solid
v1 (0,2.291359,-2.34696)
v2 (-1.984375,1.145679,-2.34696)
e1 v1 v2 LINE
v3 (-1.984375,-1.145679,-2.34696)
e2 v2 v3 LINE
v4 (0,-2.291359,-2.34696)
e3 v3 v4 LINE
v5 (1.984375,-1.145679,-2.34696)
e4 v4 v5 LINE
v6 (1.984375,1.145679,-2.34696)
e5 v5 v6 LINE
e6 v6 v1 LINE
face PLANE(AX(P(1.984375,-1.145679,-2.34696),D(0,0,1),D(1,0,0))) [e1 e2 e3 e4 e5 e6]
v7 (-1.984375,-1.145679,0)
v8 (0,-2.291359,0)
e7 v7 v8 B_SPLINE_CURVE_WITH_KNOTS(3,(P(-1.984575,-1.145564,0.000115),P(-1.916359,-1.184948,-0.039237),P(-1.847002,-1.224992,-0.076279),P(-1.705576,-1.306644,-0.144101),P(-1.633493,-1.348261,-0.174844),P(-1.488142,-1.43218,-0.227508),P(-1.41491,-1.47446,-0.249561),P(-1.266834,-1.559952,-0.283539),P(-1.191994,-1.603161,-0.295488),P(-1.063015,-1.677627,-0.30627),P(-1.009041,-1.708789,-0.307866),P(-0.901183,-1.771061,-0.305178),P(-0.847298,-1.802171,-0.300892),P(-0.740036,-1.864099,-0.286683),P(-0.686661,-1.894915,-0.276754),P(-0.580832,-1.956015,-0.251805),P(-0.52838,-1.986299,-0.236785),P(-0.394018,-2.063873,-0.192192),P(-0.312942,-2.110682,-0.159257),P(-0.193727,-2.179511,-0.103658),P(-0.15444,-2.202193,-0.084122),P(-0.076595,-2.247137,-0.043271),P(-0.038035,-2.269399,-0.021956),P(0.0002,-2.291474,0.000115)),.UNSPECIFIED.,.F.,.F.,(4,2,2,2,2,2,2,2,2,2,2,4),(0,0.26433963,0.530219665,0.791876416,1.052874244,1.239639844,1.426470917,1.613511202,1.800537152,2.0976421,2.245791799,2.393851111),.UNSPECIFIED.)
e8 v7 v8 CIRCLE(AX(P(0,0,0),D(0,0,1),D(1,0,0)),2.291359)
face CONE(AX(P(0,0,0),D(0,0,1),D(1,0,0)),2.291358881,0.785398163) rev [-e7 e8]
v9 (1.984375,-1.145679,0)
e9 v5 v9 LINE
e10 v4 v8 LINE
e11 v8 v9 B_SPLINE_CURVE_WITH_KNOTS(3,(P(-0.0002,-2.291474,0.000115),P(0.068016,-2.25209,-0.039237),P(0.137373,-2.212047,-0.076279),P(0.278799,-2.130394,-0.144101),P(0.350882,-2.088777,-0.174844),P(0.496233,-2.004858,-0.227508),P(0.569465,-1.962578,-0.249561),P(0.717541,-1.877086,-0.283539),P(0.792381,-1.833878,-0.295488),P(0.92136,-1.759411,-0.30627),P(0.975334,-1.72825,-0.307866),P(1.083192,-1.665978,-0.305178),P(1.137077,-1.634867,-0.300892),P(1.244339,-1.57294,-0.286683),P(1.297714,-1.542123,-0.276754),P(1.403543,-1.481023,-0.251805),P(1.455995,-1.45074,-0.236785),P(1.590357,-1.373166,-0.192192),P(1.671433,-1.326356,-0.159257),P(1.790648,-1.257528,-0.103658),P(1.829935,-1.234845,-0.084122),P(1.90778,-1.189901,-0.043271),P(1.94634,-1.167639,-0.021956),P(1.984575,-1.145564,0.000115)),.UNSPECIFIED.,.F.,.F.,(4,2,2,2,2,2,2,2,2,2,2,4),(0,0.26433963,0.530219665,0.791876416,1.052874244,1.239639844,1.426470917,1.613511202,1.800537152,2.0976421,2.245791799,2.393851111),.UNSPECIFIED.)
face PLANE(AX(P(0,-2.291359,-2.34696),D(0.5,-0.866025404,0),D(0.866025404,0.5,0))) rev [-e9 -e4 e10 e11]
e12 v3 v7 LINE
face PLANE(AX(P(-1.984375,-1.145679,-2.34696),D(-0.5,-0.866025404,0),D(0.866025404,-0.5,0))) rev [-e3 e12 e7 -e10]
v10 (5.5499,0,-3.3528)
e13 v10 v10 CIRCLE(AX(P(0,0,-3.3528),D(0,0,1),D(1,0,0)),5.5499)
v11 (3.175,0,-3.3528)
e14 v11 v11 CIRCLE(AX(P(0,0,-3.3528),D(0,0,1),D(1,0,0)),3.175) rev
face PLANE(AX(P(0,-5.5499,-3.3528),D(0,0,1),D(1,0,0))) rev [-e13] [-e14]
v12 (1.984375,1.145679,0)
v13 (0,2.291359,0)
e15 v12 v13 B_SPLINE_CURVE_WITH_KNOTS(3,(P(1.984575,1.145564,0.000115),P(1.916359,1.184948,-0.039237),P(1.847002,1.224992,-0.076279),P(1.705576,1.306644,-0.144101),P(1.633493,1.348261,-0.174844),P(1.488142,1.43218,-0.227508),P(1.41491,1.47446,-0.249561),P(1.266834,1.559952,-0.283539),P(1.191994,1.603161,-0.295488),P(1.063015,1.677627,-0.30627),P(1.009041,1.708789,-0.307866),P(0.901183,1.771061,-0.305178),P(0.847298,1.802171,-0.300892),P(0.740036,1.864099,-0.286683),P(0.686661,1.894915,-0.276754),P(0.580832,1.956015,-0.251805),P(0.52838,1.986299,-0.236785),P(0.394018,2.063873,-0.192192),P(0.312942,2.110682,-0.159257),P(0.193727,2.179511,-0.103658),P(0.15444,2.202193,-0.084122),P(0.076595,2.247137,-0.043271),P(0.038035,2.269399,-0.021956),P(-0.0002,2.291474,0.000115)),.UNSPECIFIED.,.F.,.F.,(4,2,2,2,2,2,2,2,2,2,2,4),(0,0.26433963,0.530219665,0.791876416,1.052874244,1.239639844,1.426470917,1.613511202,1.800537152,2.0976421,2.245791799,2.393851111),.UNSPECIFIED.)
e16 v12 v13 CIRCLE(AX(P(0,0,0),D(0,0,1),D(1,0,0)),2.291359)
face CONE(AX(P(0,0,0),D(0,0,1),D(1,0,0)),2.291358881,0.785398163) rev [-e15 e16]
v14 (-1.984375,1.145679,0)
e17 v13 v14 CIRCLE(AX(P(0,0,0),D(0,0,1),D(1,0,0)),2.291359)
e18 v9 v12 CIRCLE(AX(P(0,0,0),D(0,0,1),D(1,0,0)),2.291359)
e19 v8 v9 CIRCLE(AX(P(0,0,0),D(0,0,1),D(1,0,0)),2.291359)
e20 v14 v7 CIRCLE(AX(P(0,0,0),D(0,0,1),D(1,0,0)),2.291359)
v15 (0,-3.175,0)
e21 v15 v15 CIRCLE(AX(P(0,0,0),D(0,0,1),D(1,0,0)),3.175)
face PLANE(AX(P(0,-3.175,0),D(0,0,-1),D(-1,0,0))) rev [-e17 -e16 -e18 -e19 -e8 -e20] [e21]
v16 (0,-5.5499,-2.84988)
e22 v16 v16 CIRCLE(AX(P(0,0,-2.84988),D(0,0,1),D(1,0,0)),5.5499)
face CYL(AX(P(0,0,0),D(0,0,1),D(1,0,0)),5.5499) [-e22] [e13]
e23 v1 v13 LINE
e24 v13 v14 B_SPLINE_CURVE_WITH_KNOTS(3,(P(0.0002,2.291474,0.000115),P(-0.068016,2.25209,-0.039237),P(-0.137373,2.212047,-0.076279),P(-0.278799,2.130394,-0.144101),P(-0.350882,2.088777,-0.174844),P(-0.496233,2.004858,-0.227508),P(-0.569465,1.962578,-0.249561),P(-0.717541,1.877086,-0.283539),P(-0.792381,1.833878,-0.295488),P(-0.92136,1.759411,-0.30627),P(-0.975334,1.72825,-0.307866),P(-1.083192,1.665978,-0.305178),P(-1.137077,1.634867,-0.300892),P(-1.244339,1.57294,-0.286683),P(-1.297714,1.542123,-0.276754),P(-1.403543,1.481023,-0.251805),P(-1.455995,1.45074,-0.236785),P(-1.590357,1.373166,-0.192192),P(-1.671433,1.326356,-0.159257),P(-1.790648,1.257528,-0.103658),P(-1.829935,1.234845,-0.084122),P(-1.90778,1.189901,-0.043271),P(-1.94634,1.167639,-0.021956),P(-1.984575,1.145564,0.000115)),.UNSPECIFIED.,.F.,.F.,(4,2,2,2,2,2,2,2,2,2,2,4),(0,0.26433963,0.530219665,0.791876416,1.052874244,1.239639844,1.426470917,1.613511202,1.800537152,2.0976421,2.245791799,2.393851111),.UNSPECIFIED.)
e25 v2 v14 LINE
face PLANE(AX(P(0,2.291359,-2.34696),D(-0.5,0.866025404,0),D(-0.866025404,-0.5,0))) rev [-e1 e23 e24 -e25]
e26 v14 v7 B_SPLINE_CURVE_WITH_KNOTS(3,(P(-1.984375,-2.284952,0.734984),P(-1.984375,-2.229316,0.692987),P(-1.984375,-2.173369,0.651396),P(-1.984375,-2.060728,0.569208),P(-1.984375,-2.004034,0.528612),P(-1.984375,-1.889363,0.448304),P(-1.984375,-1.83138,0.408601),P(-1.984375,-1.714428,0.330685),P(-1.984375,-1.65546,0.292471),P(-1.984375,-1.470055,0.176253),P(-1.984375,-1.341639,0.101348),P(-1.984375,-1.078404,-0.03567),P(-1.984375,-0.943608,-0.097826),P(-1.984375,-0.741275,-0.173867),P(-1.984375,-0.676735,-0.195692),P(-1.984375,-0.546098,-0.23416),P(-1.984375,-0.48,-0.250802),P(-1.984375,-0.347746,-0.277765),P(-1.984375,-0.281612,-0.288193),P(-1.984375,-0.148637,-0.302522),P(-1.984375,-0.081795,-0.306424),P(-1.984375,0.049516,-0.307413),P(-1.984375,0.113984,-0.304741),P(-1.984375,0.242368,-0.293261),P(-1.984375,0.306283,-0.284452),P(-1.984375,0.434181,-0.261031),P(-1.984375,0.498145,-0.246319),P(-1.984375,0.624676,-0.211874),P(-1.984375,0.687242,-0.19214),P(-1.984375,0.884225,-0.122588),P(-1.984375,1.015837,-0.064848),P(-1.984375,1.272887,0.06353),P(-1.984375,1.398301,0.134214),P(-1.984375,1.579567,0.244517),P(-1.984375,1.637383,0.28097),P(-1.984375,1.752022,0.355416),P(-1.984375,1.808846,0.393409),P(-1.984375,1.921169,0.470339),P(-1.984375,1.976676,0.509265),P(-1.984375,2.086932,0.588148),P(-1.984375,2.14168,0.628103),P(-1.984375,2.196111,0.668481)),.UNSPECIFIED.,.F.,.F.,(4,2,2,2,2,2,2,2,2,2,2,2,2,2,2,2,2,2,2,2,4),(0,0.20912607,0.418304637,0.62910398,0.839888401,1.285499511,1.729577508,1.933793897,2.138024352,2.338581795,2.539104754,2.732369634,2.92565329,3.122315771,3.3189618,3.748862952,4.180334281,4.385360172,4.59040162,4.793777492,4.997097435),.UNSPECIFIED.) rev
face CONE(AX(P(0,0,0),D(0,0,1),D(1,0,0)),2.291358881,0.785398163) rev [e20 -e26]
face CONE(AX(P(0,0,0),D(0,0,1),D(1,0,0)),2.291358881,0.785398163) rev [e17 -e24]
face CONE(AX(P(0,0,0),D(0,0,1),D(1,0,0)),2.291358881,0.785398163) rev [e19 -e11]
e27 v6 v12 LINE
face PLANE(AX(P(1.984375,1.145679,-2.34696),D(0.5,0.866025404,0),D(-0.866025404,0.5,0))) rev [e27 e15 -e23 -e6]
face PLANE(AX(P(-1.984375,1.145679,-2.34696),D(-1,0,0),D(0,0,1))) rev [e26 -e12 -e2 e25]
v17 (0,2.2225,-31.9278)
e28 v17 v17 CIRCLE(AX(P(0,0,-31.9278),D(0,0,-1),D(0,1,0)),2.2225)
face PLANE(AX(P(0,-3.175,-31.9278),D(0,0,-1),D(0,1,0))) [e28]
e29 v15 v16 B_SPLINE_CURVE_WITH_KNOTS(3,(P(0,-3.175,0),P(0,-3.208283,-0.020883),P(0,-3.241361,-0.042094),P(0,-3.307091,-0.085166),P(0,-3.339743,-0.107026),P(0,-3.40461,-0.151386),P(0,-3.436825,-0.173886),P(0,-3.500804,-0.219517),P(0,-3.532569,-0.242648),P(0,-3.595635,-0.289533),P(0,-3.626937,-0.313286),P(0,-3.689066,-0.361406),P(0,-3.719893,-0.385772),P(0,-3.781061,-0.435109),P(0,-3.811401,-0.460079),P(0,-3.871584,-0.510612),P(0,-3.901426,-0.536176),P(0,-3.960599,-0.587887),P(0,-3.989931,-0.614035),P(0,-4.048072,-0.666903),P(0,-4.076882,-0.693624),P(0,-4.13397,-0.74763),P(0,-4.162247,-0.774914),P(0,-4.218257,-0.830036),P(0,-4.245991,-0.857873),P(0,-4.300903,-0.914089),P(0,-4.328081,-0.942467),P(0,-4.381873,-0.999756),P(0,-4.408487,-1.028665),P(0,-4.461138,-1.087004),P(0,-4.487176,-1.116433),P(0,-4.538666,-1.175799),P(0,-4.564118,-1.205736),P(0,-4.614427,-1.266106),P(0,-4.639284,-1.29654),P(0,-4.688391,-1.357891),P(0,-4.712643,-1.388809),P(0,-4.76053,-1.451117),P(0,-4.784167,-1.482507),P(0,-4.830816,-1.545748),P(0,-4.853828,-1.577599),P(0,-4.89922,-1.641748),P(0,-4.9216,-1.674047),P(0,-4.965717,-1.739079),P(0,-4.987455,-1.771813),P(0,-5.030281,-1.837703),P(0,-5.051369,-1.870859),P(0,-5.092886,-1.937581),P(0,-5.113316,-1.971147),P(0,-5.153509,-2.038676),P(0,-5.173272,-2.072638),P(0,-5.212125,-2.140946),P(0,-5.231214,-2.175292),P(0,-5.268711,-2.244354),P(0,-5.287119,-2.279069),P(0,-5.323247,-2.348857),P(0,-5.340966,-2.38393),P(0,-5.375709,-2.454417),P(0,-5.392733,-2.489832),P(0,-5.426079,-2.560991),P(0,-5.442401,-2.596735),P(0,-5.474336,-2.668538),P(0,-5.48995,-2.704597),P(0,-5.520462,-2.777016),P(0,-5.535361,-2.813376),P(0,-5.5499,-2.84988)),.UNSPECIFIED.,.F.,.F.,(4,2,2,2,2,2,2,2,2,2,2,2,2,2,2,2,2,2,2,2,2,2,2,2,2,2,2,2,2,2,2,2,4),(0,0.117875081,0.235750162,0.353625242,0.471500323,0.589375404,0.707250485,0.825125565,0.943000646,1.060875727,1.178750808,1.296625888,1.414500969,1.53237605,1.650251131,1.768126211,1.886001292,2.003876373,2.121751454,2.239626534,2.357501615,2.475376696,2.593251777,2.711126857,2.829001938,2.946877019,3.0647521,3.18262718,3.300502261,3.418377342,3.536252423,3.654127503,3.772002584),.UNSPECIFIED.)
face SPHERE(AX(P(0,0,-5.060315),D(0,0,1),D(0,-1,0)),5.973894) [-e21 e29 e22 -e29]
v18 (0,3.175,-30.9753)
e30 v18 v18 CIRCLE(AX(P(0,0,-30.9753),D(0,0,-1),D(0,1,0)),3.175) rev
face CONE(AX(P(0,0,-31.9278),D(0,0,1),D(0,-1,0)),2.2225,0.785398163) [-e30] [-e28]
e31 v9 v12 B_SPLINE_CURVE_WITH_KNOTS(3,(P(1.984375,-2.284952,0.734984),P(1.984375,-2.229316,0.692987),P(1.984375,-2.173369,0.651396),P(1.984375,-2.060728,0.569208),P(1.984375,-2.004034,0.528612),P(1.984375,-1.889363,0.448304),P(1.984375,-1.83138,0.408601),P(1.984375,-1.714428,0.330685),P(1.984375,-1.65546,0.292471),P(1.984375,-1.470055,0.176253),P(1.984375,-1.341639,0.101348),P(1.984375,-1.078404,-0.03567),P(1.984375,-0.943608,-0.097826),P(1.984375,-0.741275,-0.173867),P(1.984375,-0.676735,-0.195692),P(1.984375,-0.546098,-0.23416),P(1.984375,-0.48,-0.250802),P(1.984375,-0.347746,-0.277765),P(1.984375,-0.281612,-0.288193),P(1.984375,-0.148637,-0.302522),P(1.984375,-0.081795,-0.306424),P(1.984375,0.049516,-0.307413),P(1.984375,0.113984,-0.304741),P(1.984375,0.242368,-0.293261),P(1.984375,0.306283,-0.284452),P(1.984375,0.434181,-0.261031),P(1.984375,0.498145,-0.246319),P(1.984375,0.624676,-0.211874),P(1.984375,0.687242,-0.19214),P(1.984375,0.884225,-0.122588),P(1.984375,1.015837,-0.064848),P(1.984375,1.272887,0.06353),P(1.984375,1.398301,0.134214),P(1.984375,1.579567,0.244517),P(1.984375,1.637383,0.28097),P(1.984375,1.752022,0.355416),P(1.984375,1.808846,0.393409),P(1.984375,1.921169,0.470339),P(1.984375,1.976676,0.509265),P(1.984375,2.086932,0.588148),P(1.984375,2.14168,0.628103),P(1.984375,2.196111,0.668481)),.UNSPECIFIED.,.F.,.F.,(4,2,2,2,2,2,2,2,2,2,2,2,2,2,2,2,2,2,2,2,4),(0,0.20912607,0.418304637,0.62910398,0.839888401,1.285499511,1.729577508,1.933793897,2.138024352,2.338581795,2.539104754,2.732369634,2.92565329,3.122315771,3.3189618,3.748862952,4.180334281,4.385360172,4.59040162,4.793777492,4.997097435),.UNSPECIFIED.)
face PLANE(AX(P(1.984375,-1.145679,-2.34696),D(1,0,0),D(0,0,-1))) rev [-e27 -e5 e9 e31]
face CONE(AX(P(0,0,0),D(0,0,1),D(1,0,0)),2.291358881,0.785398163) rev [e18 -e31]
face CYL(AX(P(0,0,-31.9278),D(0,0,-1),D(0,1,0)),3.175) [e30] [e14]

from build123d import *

# Parameters (mm, degrees)
SKETCH1_W          = 28.575
SKETCH1_H          = 3.175
CHAMFER1_SIZE      = 0.9525
CUT_EXTRUDE2_DEPTH = 2.34696


with BuildPart() as part:
    # Sketch1 → Revolve1 (revolve)
    with BuildSketch(Plane(origin=(0, 0, 0), x_dir=(0, 0, -1), z_dir=(1, 0, 0))):
        with Locations((17.6403, 1.5875)):
            Rectangle(SKETCH1_W, SKETCH1_H)
    revolve(axis=Axis((0, 0, -31.9278), (0, 0, 1)))

    # Chamfer1
    chamfer1_edges = [part.edges().sort_by_distance(p)[0] for p in [
        (0, -3.175, -31.9278),
    ]]
    chamfer(chamfer1_edges, length=CHAMFER1_SIZE)

    # Sketch7 → Revolve2 (revolve)
    with BuildSketch(Plane(origin=(0, 0, 0), x_dir=(0, 0, -1), z_dir=(1, 0, 0))):
        with BuildLine():
            Line((2.84988, 5.5499), (3.3528, 5.5499))
            Line((3.3528, 5.5499), (3.3528, 0))
            Line((3.3528, 0), (0, 0))
            Line((0, 0), (0, 3.175))
            ThreePointArc((0, 3.175), (1.235921075, 4.58927271), (2.84988, 5.5499))
        make_face()
    revolve(axis=Axis((0, 0, 0), (0, 0, -1)))

    # Sketch5 → Cut-Extrude2 (cut)
    with BuildSketch(Plane.XY):
        Polygon((1.984375, -1.14567944), (1.984375, 1.14567944), (0, 2.291358881), (-1.984375, 1.14567944), (-1.984375, -1.14567944), (0, -2.291358881), align=None)
    extrude(amount=-CUT_EXTRUDE2_DEPTH, mode=Mode.SUBTRACT)

    # Cut-Extrude3 cone 1 section (through the dimple's axis) → Cut-Extrude3 (revolve, cut)
    with BuildSketch(Plane(origin=(0, 0, 0), x_dir=(0, -1, 0), z_dir=(1, 0, 0))):
        Polygon((0, 0), (2.291358881, 0), (0, 2.291358881), align=None)
    revolve(axis=Axis((0, 0, 0), (0, 0, -1)), mode=Mode.SUBTRACT)


solid = part.part
